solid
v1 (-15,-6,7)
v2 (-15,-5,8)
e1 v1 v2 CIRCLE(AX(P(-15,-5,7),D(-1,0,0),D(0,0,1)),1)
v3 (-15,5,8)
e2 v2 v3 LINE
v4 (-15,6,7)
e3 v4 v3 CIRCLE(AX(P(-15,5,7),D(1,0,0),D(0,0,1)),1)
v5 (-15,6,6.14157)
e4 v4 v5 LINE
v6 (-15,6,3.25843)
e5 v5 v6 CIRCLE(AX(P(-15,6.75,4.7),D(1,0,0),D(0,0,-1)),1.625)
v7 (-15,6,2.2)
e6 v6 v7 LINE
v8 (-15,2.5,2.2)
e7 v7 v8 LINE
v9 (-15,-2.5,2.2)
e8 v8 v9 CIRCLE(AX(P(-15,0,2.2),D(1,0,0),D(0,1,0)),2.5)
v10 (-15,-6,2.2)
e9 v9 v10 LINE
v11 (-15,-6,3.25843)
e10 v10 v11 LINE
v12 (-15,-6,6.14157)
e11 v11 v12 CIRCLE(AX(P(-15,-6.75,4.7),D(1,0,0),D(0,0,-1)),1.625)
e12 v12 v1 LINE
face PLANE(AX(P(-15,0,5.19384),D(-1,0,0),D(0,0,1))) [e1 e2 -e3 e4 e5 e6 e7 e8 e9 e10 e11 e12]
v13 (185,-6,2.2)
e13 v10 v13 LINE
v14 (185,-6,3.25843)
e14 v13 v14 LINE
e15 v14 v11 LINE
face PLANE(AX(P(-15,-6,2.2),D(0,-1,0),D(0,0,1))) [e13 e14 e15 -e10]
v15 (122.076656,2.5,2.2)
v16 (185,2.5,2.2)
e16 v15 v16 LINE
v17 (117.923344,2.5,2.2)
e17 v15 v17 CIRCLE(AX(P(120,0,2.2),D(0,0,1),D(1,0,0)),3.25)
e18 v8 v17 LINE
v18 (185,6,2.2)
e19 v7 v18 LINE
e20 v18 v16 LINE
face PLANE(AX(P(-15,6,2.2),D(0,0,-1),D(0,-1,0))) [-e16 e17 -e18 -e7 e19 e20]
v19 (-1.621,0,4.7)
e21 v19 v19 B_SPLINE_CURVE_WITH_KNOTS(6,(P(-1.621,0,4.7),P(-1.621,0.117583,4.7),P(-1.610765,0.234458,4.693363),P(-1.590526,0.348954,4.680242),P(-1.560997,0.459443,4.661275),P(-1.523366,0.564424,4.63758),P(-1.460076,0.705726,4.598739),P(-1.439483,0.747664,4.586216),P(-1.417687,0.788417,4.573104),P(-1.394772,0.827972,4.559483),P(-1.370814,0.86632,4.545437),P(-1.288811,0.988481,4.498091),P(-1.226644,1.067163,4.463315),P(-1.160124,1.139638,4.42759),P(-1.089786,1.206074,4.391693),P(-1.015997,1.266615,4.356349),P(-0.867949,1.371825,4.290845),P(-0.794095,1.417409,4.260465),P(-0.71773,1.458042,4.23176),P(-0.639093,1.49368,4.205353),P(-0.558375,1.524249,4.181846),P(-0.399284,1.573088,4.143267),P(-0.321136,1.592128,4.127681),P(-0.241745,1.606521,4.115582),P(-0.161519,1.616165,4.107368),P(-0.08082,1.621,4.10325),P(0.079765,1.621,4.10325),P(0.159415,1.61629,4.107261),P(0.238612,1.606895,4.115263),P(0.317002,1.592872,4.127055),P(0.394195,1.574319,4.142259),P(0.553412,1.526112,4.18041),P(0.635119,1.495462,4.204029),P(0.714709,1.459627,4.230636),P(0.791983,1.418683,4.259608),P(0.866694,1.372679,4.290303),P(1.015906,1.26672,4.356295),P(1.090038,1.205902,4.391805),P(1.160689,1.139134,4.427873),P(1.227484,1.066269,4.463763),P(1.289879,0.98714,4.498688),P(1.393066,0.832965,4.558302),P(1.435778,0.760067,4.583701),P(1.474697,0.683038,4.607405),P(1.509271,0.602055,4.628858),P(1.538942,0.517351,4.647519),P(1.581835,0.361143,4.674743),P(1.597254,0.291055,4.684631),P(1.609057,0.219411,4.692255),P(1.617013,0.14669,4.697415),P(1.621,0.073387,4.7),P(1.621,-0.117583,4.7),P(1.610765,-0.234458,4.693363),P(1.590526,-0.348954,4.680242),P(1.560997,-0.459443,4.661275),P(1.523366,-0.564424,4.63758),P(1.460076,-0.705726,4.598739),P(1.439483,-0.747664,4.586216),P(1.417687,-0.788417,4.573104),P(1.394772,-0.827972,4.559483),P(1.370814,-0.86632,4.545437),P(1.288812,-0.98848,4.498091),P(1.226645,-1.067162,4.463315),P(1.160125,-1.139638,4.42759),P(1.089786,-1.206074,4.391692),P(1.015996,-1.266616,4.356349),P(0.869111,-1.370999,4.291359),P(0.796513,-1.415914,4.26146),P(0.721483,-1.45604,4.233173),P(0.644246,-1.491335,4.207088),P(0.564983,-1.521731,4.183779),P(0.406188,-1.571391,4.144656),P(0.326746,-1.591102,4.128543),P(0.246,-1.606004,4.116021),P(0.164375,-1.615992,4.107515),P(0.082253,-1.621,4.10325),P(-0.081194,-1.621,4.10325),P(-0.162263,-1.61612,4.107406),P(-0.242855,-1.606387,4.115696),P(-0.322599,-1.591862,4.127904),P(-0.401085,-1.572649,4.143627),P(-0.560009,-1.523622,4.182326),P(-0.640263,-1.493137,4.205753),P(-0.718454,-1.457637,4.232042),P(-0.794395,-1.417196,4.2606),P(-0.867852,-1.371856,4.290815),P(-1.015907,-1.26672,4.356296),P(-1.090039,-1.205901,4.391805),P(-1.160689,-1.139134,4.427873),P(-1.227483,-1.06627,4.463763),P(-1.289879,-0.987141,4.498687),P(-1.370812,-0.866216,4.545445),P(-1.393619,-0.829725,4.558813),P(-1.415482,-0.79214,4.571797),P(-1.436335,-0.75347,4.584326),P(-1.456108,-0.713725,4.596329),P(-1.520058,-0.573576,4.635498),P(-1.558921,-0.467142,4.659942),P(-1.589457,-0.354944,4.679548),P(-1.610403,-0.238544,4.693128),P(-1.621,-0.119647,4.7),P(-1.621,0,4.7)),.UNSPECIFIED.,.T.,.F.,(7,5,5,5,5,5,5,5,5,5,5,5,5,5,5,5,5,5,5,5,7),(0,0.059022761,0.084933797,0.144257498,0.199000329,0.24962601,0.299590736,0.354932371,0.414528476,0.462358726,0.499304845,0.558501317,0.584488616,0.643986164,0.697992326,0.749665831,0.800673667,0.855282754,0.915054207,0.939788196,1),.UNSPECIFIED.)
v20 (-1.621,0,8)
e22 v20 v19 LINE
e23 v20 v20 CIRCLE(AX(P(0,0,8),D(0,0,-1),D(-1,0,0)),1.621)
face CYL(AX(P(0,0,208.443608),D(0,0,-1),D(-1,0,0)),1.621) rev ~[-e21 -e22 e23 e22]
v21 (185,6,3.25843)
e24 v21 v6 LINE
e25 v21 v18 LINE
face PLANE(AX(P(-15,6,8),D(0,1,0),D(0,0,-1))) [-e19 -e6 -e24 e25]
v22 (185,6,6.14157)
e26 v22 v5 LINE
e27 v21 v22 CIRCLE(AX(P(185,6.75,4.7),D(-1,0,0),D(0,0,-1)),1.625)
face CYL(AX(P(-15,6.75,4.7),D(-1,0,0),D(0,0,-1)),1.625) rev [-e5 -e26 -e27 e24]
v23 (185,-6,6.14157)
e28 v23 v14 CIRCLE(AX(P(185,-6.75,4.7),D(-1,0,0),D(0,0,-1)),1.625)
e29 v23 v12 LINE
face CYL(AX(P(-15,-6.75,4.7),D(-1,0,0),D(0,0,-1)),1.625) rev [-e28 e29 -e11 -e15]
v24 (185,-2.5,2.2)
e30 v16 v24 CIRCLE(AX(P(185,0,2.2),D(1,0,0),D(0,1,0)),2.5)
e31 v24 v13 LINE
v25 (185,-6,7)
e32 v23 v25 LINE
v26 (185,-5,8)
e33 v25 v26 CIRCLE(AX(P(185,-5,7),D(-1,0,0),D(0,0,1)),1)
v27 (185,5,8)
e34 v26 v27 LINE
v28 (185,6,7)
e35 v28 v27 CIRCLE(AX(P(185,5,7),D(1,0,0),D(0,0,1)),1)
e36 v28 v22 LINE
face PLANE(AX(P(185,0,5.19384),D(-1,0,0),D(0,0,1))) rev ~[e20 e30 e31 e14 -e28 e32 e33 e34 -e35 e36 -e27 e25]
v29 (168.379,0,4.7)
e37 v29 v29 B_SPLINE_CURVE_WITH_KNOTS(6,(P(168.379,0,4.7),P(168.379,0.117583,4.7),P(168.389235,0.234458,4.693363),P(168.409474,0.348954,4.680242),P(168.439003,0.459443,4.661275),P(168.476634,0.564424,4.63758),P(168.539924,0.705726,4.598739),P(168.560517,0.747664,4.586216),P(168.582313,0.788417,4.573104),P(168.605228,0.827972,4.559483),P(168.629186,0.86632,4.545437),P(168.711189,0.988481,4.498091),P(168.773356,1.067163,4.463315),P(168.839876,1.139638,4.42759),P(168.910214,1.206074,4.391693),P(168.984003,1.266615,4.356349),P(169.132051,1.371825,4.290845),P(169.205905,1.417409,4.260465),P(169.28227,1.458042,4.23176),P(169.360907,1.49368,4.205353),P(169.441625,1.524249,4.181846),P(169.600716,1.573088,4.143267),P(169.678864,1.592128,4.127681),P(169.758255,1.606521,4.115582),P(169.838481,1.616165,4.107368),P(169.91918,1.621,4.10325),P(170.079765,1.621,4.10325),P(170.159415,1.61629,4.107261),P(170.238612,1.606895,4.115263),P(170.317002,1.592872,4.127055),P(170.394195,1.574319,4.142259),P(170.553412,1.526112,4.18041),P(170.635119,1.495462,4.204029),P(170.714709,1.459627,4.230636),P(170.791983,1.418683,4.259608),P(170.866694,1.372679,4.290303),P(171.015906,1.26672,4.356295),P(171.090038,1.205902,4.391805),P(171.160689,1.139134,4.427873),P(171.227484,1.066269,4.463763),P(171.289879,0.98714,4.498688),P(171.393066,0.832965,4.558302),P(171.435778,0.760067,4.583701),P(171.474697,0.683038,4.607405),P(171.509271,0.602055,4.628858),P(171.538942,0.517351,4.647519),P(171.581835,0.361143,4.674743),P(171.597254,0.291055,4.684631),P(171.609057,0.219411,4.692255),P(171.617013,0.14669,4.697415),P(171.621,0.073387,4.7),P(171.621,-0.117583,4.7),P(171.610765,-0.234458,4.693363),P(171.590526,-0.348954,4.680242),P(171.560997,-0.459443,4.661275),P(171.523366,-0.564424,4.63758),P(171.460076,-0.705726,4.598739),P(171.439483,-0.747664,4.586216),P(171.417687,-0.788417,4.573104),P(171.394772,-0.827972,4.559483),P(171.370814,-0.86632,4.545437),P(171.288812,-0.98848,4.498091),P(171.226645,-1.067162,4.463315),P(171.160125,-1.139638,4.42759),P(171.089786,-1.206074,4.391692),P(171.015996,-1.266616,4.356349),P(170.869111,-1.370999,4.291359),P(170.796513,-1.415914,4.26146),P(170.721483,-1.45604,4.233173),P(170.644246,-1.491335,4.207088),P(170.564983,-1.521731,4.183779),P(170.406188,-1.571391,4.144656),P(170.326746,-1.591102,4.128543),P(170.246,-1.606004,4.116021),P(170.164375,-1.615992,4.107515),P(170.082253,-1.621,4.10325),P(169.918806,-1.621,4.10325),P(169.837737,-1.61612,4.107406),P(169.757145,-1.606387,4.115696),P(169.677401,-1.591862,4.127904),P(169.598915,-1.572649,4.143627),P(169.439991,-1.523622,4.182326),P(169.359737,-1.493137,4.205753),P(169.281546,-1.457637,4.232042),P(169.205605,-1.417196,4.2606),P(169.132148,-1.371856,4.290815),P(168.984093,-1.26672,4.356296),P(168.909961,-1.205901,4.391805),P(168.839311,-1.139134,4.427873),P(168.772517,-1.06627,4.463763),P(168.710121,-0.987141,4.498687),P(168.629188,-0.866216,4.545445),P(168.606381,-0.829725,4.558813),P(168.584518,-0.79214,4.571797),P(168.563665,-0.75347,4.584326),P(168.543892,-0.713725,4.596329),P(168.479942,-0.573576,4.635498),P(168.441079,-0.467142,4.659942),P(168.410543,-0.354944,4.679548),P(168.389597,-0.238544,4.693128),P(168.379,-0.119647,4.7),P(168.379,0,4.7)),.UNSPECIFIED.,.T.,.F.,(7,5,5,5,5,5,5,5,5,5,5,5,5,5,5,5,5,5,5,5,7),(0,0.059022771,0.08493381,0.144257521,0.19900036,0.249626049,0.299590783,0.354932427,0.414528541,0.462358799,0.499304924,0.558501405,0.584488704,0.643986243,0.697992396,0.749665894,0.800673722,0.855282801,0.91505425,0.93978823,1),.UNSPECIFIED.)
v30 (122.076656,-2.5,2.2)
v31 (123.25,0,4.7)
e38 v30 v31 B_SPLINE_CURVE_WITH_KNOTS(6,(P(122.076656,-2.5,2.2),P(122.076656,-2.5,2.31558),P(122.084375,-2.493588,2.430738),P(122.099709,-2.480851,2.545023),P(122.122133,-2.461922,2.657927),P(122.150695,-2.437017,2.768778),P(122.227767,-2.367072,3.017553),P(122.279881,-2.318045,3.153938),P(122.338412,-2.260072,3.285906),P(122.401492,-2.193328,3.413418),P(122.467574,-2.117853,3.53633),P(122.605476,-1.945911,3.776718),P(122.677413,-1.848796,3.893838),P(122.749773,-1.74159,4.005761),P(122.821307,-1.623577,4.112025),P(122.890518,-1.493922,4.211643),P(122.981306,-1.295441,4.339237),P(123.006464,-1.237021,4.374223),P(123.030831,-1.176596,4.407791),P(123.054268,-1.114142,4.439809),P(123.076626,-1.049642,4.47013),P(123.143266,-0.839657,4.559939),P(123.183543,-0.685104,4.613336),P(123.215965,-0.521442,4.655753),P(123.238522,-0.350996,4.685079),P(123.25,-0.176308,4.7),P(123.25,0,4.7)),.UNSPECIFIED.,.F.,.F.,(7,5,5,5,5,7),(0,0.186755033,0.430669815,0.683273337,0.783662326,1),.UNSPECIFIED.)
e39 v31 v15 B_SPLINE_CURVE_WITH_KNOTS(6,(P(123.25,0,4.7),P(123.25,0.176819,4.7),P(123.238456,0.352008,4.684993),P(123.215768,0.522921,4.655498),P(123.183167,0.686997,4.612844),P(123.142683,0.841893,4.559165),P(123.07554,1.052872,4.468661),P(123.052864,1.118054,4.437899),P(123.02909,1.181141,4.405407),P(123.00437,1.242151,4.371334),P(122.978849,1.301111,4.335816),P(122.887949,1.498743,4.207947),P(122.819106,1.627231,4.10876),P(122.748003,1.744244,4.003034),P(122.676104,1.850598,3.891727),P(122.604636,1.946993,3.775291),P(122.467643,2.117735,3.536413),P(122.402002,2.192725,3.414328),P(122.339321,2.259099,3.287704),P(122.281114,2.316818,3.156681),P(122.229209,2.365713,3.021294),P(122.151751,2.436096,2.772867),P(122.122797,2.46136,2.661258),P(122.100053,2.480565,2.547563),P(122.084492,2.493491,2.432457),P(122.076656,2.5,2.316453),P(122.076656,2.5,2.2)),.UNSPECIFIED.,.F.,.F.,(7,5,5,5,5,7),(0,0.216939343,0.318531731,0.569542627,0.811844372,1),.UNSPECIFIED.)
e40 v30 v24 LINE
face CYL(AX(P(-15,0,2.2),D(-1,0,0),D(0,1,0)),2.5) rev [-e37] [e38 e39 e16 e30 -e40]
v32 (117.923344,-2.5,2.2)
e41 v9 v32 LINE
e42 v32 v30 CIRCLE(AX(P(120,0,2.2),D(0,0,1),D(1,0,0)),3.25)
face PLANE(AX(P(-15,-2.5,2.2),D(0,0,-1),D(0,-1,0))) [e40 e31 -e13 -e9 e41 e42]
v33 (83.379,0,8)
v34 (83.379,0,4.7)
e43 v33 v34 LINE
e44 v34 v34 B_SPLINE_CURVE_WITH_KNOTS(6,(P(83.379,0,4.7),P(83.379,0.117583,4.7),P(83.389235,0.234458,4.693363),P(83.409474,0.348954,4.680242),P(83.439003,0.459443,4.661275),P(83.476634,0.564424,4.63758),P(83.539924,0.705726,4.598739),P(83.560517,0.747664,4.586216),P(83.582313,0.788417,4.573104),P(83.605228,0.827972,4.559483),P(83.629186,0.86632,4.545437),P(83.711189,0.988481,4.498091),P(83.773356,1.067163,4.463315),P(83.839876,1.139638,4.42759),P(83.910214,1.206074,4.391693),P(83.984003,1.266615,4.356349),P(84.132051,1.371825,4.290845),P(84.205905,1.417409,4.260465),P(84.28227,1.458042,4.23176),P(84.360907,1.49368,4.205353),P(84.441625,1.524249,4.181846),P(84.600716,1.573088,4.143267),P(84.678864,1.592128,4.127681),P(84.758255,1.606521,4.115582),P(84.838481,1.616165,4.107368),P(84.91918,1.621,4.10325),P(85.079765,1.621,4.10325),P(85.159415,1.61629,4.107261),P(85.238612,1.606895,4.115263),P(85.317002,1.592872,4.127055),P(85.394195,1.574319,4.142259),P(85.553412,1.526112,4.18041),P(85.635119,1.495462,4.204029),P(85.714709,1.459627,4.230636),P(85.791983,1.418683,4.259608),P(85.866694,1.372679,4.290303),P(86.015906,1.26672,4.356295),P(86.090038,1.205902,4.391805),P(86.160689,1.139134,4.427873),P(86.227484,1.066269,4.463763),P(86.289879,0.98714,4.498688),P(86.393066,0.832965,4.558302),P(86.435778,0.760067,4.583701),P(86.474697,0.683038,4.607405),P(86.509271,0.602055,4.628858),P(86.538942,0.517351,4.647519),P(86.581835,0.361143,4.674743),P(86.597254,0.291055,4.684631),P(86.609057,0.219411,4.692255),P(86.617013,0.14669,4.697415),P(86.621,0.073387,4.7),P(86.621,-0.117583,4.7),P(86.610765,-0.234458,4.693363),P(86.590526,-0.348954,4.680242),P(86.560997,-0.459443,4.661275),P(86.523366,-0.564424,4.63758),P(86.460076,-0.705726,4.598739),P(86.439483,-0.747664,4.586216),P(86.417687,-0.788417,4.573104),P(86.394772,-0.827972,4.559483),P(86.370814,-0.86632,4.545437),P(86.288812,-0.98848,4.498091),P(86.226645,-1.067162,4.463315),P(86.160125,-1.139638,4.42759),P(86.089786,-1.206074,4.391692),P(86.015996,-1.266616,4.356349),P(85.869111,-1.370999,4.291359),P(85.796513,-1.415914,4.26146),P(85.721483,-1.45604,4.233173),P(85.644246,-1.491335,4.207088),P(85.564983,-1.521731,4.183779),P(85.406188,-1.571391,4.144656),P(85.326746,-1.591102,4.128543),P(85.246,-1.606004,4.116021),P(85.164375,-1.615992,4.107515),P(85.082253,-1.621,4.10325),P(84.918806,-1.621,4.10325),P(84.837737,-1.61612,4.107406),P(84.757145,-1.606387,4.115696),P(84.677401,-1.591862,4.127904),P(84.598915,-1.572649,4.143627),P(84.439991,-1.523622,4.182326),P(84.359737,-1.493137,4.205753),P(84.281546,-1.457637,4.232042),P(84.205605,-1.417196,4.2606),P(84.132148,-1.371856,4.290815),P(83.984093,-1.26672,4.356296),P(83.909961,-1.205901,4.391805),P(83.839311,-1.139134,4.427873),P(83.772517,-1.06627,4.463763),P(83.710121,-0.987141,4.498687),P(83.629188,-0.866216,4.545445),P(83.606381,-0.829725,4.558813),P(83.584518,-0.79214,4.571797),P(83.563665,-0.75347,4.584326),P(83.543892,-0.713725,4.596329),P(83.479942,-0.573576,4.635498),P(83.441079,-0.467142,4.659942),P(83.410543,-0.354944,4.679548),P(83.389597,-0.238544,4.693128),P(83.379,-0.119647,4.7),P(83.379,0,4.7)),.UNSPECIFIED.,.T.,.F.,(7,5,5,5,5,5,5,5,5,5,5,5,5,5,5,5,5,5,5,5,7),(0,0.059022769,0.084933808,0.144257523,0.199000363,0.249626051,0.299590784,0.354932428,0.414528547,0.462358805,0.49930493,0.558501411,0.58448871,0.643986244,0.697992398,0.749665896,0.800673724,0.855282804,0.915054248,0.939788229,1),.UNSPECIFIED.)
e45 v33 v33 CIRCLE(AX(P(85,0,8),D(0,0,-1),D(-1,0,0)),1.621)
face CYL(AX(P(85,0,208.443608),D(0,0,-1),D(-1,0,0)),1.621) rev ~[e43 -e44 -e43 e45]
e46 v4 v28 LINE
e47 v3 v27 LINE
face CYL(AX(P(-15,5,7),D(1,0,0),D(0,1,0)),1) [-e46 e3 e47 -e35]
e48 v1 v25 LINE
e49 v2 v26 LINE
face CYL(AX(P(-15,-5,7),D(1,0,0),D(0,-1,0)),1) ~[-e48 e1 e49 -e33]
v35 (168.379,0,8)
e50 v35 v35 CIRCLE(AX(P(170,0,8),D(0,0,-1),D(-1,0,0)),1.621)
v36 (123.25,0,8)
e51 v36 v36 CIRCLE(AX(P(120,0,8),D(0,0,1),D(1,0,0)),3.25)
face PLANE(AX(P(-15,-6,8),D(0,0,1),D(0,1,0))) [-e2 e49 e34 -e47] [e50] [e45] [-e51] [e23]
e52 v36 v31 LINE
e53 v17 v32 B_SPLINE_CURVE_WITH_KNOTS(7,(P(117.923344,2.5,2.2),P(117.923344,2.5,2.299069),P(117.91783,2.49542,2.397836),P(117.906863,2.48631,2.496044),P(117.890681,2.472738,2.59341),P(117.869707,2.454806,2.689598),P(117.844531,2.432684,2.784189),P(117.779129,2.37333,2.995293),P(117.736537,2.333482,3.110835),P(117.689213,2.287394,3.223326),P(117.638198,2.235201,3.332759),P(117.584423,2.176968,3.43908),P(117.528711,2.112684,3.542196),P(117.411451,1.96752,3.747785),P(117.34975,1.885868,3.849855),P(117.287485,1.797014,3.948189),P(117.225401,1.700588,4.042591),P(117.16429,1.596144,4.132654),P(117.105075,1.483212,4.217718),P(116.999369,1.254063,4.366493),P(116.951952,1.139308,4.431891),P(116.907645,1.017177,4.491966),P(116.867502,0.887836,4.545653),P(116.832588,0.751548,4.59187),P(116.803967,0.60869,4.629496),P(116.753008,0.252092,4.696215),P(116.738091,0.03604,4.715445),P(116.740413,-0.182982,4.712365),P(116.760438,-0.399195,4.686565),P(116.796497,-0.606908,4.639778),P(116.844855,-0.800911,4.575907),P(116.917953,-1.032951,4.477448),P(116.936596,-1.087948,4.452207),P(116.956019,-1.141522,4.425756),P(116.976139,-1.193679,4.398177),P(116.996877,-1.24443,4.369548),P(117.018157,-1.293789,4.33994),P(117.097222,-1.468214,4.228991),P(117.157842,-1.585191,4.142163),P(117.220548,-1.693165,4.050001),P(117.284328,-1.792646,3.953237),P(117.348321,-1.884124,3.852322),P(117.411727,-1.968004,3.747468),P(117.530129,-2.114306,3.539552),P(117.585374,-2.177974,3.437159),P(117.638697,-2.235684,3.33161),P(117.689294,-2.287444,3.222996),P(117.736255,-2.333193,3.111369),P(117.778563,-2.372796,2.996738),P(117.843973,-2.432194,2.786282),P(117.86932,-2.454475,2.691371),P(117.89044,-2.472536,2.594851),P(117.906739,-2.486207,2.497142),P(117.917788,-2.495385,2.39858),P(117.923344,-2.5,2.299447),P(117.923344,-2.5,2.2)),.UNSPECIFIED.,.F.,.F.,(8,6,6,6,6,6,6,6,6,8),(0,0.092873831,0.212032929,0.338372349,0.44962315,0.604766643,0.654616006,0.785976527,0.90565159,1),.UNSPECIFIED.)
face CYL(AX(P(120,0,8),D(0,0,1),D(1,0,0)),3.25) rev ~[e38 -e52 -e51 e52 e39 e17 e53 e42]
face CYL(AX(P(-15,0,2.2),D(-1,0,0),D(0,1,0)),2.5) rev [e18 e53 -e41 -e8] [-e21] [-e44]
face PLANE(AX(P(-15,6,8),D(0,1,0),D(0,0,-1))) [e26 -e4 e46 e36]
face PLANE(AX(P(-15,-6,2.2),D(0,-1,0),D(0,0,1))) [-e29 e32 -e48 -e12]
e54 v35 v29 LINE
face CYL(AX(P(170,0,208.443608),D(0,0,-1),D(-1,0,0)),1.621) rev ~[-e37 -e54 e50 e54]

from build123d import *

# Parameters (mm, degrees)
BOSS_EXTRUDE1_DEPTH = 200
FILLET1_R           = 1
SKETCH2_R           = 1.625
CUT_EXTRUDE1_DEPTH  = 201.249843945
TAP1_D              = 3.242
TAP2_D              = 3.242
SKETCH7_R           = 3.25
CUT_EXTRUDE2_DEPTH  = 186.188120672


with BuildPart() as part:
    # Sketch1 → Boss-Extrude1 (new body)
    with BuildSketch(Plane(origin=(-15, 0, 0), x_dir=(0, 0, -1), z_dir=(1, 0, 0))):
        with BuildLine():
            Line((-8, 6), (-2.2, 6))
            Line((-2.2, 6), (-2.2, 2.5))
            ThreePointArc((-2.2, 2.5), (-4.7, 0), (-2.2, -2.5))
            Line((-2.2, -2.5), (-2.2, -6))
            Line((-2.2, -6), (-8, -6))
            Line((-8, -6), (-8, 6))
        make_face()
    extrude(amount=BOSS_EXTRUDE1_DEPTH)

    # Fillet1
    fillet1_edges = [part.edges().sort_by_distance(p)[0] for p in [
        (85, 6, 8),
        (85, -6, 8),
    ]]
    fillet(fillet1_edges, radius=FILLET1_R)

    # Sketch2 → Cut-Extrude1 (cut, through all)
    with BuildSketch(Plane(origin=(-15, 0, 0), x_dir=(0, 0, -1), z_dir=(1, 0, 0))):
        with Locations((-4.7, 6.75)):
            Circle(SKETCH2_R)
        with Locations((-4.7, -6.75)):
            Circle(SKETCH2_R)
    extrude(amount=CUT_EXTRUDE1_DEPTH, mode=Mode.SUBTRACT)

    # Tap1 (through all)
    with Locations(Plane.XY.offset(8)):
        with Locations((0, 0), (170, 0)):
            Hole(TAP1_D / 2)

    # Tap2 (through all)
    with Locations(Plane.XY.offset(8)):
        with Locations((85, 0)):
            Hole(TAP2_D / 2)

    # Sketch7 → Cut-Extrude2 (cut, through all)
    with BuildSketch(Plane.XY.offset(8)):
        with Locations((120, 0)):
            Circle(SKETCH7_R)
    extrude(amount=-CUT_EXTRUDE2_DEPTH, mode=Mode.SUBTRACT)


solid = part.part
